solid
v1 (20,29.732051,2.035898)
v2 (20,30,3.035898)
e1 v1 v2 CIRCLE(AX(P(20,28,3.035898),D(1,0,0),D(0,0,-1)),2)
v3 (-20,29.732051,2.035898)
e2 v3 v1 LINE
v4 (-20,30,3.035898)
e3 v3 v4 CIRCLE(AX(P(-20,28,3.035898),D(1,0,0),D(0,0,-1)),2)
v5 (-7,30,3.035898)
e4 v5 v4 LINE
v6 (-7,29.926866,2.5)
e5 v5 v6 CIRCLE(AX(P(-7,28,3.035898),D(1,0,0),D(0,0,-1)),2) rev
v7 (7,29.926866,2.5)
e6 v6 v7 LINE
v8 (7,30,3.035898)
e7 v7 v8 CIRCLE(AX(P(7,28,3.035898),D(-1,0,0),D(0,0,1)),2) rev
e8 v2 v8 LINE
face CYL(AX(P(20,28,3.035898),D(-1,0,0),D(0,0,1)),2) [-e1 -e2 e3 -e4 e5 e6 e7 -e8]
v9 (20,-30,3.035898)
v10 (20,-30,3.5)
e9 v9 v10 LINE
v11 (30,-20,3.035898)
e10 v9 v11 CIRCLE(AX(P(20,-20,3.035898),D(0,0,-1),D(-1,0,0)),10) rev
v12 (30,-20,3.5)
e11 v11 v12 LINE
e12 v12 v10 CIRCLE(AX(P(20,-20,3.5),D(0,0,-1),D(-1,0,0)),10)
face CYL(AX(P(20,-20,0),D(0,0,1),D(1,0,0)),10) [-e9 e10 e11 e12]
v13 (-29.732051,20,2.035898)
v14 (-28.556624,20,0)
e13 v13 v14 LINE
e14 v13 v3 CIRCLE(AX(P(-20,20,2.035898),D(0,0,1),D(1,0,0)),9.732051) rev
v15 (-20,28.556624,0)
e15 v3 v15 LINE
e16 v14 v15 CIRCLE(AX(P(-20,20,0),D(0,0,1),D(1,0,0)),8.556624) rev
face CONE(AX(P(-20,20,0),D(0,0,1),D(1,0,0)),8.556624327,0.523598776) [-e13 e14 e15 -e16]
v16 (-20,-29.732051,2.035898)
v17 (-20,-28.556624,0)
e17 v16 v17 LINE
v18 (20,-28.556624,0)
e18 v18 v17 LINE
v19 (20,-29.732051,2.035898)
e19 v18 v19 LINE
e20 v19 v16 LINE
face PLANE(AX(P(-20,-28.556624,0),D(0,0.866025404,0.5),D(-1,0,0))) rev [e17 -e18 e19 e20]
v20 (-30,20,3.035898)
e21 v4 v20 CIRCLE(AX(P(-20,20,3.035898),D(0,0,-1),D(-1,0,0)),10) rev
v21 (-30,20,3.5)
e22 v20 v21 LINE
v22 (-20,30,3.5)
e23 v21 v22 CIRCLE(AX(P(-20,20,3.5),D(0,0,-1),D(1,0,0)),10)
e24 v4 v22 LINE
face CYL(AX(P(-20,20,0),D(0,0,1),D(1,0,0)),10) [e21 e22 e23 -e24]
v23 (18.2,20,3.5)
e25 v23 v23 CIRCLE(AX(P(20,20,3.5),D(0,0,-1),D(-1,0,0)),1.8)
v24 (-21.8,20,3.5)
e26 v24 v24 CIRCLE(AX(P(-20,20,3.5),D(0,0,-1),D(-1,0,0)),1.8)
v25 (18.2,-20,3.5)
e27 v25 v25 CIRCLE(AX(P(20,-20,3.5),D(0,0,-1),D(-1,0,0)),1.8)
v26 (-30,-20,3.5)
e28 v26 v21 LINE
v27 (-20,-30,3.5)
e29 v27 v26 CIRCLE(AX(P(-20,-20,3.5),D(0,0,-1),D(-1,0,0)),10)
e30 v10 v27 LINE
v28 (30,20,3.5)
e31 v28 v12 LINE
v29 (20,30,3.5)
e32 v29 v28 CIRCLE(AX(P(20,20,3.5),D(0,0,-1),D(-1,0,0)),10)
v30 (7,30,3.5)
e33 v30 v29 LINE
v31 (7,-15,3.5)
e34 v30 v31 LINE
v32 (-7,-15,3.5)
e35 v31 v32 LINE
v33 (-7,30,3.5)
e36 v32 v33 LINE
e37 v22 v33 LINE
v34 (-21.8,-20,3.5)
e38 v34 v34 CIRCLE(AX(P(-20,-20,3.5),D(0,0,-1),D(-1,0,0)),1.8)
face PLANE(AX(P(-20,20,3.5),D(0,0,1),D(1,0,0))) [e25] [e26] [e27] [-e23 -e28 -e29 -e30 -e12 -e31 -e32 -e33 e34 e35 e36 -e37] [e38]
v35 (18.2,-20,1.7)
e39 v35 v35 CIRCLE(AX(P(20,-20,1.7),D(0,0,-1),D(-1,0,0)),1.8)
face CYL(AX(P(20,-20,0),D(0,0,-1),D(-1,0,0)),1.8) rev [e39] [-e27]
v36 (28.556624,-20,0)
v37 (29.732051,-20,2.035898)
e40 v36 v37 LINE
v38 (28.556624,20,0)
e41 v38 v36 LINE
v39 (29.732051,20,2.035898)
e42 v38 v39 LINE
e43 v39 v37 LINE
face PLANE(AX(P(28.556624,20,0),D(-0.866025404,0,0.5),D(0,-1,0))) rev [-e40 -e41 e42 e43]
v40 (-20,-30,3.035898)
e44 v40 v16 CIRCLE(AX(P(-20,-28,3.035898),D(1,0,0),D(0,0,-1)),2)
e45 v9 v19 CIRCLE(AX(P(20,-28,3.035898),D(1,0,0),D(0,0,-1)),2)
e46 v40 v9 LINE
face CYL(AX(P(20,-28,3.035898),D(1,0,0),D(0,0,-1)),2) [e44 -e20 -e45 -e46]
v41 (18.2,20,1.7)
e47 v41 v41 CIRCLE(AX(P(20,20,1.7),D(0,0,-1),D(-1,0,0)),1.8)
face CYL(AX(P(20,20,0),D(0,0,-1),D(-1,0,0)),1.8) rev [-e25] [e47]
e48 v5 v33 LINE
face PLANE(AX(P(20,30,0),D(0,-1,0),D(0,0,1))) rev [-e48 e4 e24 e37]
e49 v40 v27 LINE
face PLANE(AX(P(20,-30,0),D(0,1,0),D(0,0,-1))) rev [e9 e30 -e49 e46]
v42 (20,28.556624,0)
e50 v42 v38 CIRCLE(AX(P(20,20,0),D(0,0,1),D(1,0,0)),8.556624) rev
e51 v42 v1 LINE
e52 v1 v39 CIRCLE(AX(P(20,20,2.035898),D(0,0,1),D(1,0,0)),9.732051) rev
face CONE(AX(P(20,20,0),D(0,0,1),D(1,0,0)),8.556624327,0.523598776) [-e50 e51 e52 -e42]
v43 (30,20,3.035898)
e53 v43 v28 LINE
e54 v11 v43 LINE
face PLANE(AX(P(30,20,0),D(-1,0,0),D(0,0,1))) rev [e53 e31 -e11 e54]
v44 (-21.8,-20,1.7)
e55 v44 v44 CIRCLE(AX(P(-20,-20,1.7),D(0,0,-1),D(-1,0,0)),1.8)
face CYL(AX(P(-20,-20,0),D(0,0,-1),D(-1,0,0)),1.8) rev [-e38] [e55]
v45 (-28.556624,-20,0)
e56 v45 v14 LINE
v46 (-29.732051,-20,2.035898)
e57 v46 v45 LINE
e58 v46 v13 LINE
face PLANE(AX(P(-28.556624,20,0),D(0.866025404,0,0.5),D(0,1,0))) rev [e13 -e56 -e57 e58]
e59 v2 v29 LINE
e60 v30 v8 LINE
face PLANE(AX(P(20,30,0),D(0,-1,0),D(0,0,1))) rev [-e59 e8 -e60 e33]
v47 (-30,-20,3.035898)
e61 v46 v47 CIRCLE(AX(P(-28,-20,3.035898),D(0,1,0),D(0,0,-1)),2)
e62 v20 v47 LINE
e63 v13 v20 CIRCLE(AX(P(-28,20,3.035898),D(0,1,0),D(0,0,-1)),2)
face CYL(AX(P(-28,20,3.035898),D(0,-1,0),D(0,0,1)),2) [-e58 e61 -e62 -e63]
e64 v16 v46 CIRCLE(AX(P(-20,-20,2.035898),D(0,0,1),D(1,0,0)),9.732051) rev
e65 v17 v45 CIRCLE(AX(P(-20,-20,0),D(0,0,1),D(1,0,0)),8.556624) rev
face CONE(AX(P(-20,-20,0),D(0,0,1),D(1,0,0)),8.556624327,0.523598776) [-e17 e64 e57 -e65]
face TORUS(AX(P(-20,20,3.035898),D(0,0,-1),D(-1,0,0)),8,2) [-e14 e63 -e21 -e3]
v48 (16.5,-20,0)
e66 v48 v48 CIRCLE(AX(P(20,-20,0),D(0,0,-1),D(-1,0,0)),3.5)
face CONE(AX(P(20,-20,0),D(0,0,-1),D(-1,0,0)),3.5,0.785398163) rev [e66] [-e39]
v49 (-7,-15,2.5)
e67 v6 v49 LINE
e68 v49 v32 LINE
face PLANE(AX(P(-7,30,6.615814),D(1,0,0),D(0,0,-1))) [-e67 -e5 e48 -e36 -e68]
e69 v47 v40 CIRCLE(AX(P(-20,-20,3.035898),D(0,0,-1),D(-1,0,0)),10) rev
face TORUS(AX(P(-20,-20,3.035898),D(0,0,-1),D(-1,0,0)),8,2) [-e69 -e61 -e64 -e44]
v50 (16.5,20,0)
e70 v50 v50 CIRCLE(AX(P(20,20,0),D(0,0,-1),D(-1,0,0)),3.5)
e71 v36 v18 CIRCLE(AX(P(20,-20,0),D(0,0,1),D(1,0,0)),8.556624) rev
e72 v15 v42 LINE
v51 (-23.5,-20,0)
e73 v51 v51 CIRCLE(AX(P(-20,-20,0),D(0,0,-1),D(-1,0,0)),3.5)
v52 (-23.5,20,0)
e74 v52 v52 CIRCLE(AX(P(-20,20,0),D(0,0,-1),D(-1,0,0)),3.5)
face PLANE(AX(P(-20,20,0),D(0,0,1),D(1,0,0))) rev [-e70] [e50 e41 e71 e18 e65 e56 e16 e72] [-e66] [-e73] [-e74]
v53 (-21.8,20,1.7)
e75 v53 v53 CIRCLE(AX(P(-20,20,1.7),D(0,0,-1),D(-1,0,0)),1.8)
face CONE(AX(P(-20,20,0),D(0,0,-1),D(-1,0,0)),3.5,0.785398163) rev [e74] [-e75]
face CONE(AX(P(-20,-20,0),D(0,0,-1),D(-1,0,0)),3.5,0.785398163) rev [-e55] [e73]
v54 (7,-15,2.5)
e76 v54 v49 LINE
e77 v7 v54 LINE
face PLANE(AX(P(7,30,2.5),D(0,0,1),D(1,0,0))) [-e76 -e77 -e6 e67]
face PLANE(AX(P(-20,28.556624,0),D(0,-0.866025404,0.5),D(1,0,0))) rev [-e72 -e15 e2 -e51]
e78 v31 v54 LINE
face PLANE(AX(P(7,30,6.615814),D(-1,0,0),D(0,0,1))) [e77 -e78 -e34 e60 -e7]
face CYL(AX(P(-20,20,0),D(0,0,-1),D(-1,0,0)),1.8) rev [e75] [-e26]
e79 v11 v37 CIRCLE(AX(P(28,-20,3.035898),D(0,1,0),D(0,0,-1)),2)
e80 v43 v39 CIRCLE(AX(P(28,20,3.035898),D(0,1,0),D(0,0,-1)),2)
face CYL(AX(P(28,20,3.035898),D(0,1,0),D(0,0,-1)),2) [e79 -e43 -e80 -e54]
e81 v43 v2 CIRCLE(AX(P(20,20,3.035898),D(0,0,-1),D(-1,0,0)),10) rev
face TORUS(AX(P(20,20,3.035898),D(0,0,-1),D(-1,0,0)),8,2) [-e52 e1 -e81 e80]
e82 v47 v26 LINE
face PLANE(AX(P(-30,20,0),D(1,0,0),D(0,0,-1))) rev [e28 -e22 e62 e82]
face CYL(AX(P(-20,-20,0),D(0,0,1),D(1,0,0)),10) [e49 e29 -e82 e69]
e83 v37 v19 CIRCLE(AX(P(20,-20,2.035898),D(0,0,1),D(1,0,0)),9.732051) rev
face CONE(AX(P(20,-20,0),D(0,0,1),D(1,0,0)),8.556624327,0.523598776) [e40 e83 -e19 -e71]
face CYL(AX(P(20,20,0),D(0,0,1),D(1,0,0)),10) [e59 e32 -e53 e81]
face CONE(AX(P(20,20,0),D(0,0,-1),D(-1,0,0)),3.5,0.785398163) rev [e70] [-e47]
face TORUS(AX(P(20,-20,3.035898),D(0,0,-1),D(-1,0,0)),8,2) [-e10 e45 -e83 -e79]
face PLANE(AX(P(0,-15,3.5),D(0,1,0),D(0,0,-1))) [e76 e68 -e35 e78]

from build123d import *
from OCP.BRepFilletAPI import BRepFilletAPI_MakeChamfer

# Parameters (mm, degrees)
BOSS_EXTRUDE1_DEPTH                                 = 3.5
CSK_FOR_M3_COUNTERSUNK_FLAT_HEAD_SCREW1_D           = 3.6
CSK_FOR_M3_COUNTERSUNK_FLAT_HEAD_SCREW1_CSINK_D     = 7
CSK_FOR_M3_COUNTERSUNK_FLAT_HEAD_SCREW1_CSINK_ANGLE = 90
CHAMFER1_SIZE                                       = 2.5
CHAMFER1_SIZE2                                      = 1.443375673
FILLET2_R                                           = 2
SKETCH4_W                                           = 14
SKETCH4_H                                           = 4.115813757
CUT_EXTRUDE1_DEPTH                                  = 43.570529862
CUT_EXTRUDE1_DEPTH_BACK                             = 15
BODY_MOVE_COPY1_ANGLE                               = 180


with BuildPart() as part:
    # Sketch1 → Boss-Extrude1 (new body)
    with BuildSketch(Plane.XY):
        with BuildLine():
            Line((-20, 30), (20, 30))
            ThreePointArc((20, 30), (27.071067812, 27.071067812), (30, 20))
            Line((30, 20), (30, -20))
            ThreePointArc((30, -20), (27.071067812, -27.071067812), (20, -30))
            Line((20, -30), (-20, -30))
            ThreePointArc((-20, -30), (-27.071067812, -27.071067812), (-30, -20))
            Line((-30, -20), (-30, 20))
            ThreePointArc((-30, 20), (-27.071067812, 27.071067812), (-20, 30))
        make_face()
    extrude(amount=BOSS_EXTRUDE1_DEPTH)

    # CSK for M3 Countersunk Flat Head Screw1 (through all)
    with Locations(Plane.XY.offset(3.5)):
        with Locations((-20, 20), (20, 20), (20, -20), (-20, -20)):
            CounterSinkHole(CSK_FOR_M3_COUNTERSUNK_FLAT_HEAD_SCREW1_D / 2, CSK_FOR_M3_COUNTERSUNK_FLAT_HEAD_SCREW1_CSINK_D / 2, counter_sink_angle=CSK_FOR_M3_COUNTERSUNK_FLAT_HEAD_SCREW1_CSINK_ANGLE)

    # Chamfer1: one chamfer whose edges measure the first distance from different faces: ONE call of the kernel's chamfer builder (chamfer() names one face for all edges)
    chamfer1_edges_1 = [part.edges().sort_by_distance(p)[0] for p in [
        (-27.071067812, 27.071067812, 3.5),
    ]]
    chamfer1_side_1 = [part.faces().sort_by_distance(p)[0] for p in [
        (-27.071067812, 27.071067812, 1.75),
    ]]
    chamfer1_edges_2 = [part.edges().sort_by_distance(p)[0] for p in [
        (-30, 0, 3.5),
    ]]
    chamfer1_side_2 = [part.faces().sort_by_distance(p)[0] for p in [
        (-30, 0, 1.75),
    ]]
    chamfer1_edges_3 = [part.edges().sort_by_distance(p)[0] for p in [
        (-27.071067812, -27.071067812, 3.5),
    ]]
    chamfer1_side_3 = [part.faces().sort_by_distance(p)[0] for p in [
        (-27.071067812, -27.071067812, 1.75),
    ]]
    chamfer1_edges_4 = [part.edges().sort_by_distance(p)[0] for p in [
        (0, -30, 3.5),
    ]]
    chamfer1_side_4 = [part.faces().sort_by_distance(p)[0] for p in [
        (0, -30, 1.75),
    ]]
    chamfer1_edges_5 = [part.edges().sort_by_distance(p)[0] for p in [
        (27.071067812, -27.071067812, 3.5),
    ]]
    chamfer1_side_5 = [part.faces().sort_by_distance(p)[0] for p in [
        (27.071067812, -27.071067812, 1.75),
    ]]
    chamfer1_edges_6 = [part.edges().sort_by_distance(p)[0] for p in [
        (30, 0, 3.5),
    ]]
    chamfer1_side_6 = [part.faces().sort_by_distance(p)[0] for p in [
        (30, 0, 1.75),
    ]]
    chamfer1_edges_7 = [part.edges().sort_by_distance(p)[0] for p in [
        (27.071067812, 27.071067812, 3.5),
    ]]
    chamfer1_side_7 = [part.faces().sort_by_distance(p)[0] for p in [
        (27.071067812, 27.071067812, 1.75),
    ]]
    chamfer1_edges_8 = [part.edges().sort_by_distance(p)[0] for p in [
        (0, 30, 3.5),
    ]]
    chamfer1_side_8 = [part.faces().sort_by_distance(p)[0] for p in [
        (0, 30, 1.75),
    ]]
    chamfer1 = BRepFilletAPI_MakeChamfer(part.part.solid().wrapped)
    for e in chamfer1_edges_1:
        chamfer1.Add(CHAMFER1_SIZE, CHAMFER1_SIZE2, e.wrapped, chamfer1_side_1[0].wrapped)  # the first distance lies on this face
    for e in chamfer1_edges_2:
        chamfer1.Add(CHAMFER1_SIZE, CHAMFER1_SIZE2, e.wrapped, chamfer1_side_2[0].wrapped)  # the first distance lies on this face
    for e in chamfer1_edges_3:
        chamfer1.Add(CHAMFER1_SIZE, CHAMFER1_SIZE2, e.wrapped, chamfer1_side_3[0].wrapped)  # the first distance lies on this face
    for e in chamfer1_edges_4:
        chamfer1.Add(CHAMFER1_SIZE, CHAMFER1_SIZE2, e.wrapped, chamfer1_side_4[0].wrapped)  # the first distance lies on this face
    for e in chamfer1_edges_5:
        chamfer1.Add(CHAMFER1_SIZE, CHAMFER1_SIZE2, e.wrapped, chamfer1_side_5[0].wrapped)  # the first distance lies on this face
    for e in chamfer1_edges_6:
        chamfer1.Add(CHAMFER1_SIZE, CHAMFER1_SIZE2, e.wrapped, chamfer1_side_6[0].wrapped)  # the first distance lies on this face
    for e in chamfer1_edges_7:
        chamfer1.Add(CHAMFER1_SIZE, CHAMFER1_SIZE2, e.wrapped, chamfer1_side_7[0].wrapped)  # the first distance lies on this face
    for e in chamfer1_edges_8:
        chamfer1.Add(CHAMFER1_SIZE, CHAMFER1_SIZE2, e.wrapped, chamfer1_side_8[0].wrapped)  # the first distance lies on this face
    add(Compound.cast(chamfer1.Shape()), mode=Mode.REPLACE)

    # Fillet2
    fillet2_edges = [part.edges().sort_by_distance(p)[0] for p in [
        (0, -30, 1),
        (27.071067812, -27.071067812, 1),
        (-27.071067812, -27.071067812, 1),
        (30, 0, 1),
        (-30, 0, 1),
        (27.071067812, 27.071067812, 1),
        (-27.071067812, 27.071067812, 1),
        (0, 30, 1),
    ]]
    fillet(fillet2_edges, radius=FILLET2_R)

    # Sketch4 → Cut-Extrude1 (cut, two sides)
    with BuildSketch(Plane(origin=(0, 0, 0), x_dir=(1, 0, 0), z_dir=(0, 1, 0))) as cut_extrude1_sk:
        with Locations((0, 1.057906879)):
            Rectangle(SKETCH4_W, SKETCH4_H)
    extrude(amount=CUT_EXTRUDE1_DEPTH, mode=Mode.SUBTRACT)
    extrude(cut_extrude1_sk.sketch, amount=-CUT_EXTRUDE1_DEPTH_BACK, mode=Mode.SUBTRACT)


with BuildPart() as part_1:
    # Body-Move/Copy1: moved
    add(part.part.rotate(Axis((0, 0, 1.75), (0, 1, 0)), BODY_MOVE_COPY1_ANGLE))


solid = part_1.part
